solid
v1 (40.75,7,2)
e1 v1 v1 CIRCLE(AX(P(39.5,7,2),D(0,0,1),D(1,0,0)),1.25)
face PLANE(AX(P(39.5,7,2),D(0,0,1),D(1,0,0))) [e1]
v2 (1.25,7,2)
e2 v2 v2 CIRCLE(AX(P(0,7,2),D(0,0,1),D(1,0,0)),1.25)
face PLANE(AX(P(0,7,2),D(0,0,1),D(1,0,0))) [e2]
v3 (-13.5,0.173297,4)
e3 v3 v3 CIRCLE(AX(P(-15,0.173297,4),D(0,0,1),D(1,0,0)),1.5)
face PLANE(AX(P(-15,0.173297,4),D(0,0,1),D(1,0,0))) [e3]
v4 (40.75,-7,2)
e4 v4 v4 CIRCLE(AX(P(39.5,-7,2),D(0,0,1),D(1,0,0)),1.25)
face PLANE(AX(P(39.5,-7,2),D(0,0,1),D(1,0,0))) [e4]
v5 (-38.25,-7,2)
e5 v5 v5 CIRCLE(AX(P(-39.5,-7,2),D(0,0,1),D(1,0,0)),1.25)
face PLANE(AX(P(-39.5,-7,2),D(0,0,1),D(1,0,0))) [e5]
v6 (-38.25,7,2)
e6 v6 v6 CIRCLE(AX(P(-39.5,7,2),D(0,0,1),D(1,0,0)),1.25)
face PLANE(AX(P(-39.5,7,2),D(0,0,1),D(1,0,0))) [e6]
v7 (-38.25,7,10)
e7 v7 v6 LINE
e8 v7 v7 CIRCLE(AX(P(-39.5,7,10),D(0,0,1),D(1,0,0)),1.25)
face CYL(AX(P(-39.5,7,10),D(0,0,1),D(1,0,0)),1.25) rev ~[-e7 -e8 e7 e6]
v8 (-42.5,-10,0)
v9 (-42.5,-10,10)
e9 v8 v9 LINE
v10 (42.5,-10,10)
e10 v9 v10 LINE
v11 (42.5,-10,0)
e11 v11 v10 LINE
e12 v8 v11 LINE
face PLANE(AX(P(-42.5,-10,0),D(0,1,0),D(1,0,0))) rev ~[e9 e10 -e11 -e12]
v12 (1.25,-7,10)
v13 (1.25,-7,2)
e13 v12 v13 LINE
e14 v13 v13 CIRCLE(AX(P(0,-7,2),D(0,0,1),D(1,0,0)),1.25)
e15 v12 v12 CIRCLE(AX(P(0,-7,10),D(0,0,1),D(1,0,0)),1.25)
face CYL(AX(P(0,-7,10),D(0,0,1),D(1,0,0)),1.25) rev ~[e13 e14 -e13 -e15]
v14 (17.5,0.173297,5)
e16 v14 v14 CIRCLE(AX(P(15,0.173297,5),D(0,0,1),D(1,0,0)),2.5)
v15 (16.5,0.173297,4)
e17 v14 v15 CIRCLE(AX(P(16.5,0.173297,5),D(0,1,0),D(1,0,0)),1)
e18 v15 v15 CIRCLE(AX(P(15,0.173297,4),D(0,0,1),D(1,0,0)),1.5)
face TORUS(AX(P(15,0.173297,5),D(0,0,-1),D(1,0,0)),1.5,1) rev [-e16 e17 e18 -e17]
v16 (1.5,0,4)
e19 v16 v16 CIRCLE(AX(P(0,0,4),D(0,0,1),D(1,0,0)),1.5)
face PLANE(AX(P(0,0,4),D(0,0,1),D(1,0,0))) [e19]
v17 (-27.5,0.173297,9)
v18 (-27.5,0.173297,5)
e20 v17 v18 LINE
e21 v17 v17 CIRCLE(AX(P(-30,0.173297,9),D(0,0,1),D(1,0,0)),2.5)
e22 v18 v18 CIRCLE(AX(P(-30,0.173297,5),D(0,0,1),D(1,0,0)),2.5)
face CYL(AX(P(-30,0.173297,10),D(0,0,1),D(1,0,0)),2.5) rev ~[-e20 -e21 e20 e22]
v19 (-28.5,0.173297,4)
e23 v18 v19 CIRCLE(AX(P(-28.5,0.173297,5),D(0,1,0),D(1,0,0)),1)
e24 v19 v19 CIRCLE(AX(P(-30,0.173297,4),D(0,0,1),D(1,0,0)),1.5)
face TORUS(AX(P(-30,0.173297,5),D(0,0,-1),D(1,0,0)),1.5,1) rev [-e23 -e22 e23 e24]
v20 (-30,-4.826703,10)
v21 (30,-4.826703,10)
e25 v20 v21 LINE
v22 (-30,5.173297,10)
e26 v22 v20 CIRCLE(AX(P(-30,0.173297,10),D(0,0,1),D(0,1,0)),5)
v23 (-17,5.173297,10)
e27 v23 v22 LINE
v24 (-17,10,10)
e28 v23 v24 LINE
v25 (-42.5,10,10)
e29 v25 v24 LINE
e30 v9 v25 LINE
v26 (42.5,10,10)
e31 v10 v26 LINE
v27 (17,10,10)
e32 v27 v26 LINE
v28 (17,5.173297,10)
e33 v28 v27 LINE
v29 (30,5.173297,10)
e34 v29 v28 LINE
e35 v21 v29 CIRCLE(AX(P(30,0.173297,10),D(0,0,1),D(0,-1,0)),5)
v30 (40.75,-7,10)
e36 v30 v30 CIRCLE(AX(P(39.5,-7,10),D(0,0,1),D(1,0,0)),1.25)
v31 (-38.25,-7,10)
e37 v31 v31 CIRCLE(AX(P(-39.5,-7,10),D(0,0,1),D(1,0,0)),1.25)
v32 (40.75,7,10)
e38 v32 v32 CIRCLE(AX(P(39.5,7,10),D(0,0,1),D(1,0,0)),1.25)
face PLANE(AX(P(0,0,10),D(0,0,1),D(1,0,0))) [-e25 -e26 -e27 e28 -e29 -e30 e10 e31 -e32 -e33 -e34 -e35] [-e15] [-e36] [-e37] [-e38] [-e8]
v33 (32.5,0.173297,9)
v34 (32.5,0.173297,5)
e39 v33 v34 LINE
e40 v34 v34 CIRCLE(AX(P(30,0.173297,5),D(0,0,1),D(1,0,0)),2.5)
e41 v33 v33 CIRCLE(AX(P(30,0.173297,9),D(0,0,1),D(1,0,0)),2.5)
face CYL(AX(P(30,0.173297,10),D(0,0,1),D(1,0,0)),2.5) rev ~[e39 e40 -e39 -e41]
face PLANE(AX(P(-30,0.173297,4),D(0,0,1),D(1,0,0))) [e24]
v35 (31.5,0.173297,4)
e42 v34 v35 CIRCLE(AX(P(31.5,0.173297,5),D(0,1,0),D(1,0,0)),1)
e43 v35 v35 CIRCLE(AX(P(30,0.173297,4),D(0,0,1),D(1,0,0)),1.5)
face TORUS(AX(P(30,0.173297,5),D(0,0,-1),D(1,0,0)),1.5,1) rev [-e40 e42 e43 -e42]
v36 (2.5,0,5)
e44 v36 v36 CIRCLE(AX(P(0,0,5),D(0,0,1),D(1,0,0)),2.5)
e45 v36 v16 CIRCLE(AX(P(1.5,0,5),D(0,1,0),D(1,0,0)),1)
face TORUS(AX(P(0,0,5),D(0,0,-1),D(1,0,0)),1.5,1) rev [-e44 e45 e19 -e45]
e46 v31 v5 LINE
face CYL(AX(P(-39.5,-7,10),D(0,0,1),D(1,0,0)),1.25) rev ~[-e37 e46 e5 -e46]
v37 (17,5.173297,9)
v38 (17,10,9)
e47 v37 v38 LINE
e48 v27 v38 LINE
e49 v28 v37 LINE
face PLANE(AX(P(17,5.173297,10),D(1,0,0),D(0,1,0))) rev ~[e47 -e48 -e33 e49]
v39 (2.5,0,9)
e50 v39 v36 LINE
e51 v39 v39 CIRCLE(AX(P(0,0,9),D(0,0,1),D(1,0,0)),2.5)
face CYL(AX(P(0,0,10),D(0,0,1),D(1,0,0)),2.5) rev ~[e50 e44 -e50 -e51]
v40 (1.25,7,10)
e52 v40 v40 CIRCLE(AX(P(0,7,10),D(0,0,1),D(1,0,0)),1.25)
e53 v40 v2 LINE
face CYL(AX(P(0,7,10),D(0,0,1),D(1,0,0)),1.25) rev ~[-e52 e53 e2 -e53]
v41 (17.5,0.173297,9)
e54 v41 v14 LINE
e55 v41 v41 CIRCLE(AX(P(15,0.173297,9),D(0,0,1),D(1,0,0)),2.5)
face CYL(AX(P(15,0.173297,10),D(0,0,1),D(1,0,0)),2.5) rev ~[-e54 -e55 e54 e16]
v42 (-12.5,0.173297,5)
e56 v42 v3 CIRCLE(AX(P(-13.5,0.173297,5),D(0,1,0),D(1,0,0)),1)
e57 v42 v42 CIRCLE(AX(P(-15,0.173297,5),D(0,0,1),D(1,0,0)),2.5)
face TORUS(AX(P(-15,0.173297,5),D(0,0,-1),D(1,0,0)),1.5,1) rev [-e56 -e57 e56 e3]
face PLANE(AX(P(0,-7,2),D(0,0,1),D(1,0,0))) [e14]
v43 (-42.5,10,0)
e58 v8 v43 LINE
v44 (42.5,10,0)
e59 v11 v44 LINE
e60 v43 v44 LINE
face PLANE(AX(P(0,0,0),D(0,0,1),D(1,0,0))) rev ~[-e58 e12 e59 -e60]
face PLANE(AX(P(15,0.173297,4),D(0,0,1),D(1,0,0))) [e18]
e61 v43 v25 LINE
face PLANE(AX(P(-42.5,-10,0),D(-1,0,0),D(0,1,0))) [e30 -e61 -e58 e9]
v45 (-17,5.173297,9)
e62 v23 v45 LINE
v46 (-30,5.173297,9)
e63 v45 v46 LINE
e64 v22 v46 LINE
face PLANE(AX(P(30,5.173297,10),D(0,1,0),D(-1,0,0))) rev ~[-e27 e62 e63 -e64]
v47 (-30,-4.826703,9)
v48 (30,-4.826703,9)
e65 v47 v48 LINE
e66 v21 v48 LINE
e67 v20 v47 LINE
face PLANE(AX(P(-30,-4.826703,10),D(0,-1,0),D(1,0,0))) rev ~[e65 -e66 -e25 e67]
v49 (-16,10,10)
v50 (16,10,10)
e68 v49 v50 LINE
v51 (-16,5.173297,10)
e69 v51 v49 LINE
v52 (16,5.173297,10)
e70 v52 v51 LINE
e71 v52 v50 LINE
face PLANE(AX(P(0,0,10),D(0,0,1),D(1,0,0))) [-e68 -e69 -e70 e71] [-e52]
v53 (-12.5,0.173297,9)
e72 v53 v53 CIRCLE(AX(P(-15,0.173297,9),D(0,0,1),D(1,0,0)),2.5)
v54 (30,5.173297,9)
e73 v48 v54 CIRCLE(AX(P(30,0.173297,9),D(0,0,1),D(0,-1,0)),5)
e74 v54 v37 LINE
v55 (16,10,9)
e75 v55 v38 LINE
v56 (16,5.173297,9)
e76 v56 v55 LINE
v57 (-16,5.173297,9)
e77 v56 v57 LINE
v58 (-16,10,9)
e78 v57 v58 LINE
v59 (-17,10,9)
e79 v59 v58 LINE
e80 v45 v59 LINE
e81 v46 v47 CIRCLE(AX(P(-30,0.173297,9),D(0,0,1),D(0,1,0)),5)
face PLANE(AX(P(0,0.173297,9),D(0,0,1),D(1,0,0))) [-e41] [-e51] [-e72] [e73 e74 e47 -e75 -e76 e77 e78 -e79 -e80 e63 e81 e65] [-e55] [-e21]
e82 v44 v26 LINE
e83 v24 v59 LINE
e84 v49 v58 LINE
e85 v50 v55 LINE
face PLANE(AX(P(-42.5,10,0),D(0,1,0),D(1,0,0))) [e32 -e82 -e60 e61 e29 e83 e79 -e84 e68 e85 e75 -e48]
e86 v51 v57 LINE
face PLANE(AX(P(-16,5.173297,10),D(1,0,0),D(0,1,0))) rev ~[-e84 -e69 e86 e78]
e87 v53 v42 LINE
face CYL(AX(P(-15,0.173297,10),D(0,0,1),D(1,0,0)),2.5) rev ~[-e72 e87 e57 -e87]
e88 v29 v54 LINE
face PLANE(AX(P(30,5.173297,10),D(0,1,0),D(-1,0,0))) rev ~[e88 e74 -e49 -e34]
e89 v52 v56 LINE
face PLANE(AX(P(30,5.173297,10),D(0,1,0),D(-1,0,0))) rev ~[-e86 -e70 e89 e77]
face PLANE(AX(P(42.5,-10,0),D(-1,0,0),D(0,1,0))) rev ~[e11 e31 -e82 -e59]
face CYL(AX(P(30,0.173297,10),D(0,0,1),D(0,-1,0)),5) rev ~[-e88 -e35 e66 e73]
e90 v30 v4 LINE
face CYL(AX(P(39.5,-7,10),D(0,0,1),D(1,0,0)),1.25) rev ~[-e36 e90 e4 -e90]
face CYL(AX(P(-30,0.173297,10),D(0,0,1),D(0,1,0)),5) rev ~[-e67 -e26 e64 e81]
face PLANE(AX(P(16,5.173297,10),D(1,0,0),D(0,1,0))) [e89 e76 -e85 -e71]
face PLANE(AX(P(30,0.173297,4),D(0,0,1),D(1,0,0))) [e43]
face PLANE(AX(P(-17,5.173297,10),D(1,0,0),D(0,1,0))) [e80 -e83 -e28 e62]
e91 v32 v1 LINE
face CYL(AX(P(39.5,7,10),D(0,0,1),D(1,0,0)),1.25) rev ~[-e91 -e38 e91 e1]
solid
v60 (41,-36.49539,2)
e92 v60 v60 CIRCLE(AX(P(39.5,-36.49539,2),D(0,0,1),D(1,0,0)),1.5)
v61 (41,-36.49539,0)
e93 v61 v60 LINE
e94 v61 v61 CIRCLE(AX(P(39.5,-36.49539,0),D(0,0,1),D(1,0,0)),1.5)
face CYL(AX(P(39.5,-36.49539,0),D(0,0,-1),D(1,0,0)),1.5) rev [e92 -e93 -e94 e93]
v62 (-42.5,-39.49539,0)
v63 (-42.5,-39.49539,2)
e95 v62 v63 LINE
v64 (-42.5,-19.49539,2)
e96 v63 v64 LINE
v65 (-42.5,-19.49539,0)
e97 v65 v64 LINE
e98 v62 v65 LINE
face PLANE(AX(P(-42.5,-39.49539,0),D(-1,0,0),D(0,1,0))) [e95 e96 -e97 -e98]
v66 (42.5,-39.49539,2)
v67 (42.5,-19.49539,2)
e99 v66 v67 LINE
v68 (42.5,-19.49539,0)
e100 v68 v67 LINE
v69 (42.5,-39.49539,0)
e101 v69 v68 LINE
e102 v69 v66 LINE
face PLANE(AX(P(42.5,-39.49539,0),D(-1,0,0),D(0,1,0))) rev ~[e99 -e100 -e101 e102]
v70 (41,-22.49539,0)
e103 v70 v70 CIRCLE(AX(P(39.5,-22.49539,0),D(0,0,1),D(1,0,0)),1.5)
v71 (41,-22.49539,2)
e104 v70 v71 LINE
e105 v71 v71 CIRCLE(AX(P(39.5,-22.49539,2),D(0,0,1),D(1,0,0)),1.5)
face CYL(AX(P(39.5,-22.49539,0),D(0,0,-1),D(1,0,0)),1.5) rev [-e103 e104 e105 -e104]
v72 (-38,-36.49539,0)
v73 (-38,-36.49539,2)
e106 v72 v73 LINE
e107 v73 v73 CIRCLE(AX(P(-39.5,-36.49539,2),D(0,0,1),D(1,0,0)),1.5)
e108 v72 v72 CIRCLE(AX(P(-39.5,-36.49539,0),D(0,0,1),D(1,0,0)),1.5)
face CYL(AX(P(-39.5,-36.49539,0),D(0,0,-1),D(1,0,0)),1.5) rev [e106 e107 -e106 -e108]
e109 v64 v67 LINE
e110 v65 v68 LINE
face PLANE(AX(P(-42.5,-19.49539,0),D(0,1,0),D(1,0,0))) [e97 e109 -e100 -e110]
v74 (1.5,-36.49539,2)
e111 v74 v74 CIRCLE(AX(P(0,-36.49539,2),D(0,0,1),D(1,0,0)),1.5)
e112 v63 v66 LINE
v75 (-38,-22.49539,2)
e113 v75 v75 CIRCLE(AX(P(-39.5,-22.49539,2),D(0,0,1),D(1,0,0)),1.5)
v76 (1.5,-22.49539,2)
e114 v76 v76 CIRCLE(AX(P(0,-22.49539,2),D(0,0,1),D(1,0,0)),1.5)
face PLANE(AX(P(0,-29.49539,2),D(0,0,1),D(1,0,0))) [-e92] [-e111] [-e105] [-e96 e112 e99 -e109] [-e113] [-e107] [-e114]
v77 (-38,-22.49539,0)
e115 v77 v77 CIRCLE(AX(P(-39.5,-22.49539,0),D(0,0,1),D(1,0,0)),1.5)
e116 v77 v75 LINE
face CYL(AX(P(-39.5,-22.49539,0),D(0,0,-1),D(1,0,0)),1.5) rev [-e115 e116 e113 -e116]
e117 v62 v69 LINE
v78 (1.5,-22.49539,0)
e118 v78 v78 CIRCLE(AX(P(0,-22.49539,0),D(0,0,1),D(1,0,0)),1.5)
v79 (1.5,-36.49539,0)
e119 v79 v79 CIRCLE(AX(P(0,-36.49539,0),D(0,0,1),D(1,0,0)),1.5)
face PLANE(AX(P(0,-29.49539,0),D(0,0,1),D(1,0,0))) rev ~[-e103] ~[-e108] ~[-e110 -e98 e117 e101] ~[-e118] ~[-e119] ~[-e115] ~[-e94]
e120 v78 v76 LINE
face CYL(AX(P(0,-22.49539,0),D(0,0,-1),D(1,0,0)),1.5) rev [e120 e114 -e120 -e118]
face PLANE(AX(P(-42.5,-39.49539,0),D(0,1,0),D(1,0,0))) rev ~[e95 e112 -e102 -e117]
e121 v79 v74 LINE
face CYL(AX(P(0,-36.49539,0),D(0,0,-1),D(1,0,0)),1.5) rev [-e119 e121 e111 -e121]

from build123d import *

# Parameters (mm, degrees)
F0_W      = 85
F0_H      = 20
F1_DEPTH  = 10
F2_R      = 2.5
F3_DEPTH  = 6
F4_DEPTH  = 1
F5_R      = 1.25
F6_DEPTH  = 8
F7_R      = 1
F8_W      = 1
F8_H      = 4.8267034825
F9_DEPTH  = 1
F10_W     = 85
F10_H     = 20
F10_R     = 1.5
F11_DEPTH = 2


with BuildPart() as f1:
    # F0 (on Top) → F1 (new body)
    with BuildSketch(Plane.XY):
        Rectangle(F0_W, F0_H)
    extrude(amount=F1_DEPTH)

    # F2 (on face) → F3 (cut)
    with BuildSketch(Plane.XY.offset(10)):
        with Locations((-30, 0.1732965175)):
            Circle(F2_R)
        with Locations((-15, 0.1732965175)):
            Circle(F2_R)
        Circle(F2_R)
        with Locations((15, 0.1732965175)):
            Circle(F2_R)
        with Locations((30, 0.1732965175)):
            Circle(F2_R)
    extrude(amount=-F3_DEPTH, mode=Mode.SUBTRACT)

    # F2 (on face) → F4 (cut)
    with BuildSketch(Plane.XY.offset(10)):
        with BuildLine():
            Line((30, 5.1732965175), (-30, 5.1732965175))
            ThreePointArc((-30, 5.1732965175), (-35, 0.1732965175), (-30, -4.8267034825))
            Line((-30, -4.8267034825), (30, -4.8267034825))
            ThreePointArc((30, -4.8267034825), (35, 0.1732965175), (30, 5.1732965175))
        make_face()
        with Locations((-30, 0.1732965175)):
            Circle(F2_R, mode=Mode.SUBTRACT)
        with Locations((-15, 0.1732965175)):
            Circle(F2_R, mode=Mode.SUBTRACT)
        Circle(F2_R, mode=Mode.SUBTRACT)
        with Locations((15, 0.1732965175)):
            Circle(F2_R, mode=Mode.SUBTRACT)
        with Locations((30, 0.1732965175)):
            Circle(F2_R, mode=Mode.SUBTRACT)
    extrude(amount=-F4_DEPTH, mode=Mode.SUBTRACT)

    # F5 (on face) → F6 (cut)
    with BuildSketch(Plane.XY.offset(10)):
        with Locations((-39.5, 7)):
            Circle(F5_R)
        with Locations((-39.5, -7)):
            Circle(F5_R)
        with Locations((39.5, 7)):
            Circle(F5_R)
        with Locations((39.5, -7)):
            Circle(F5_R)
        with Locations((0, 7)):
            Circle(F5_R)
        with Locations((0, -7)):
            Circle(F5_R)
    extrude(amount=-F6_DEPTH, mode=Mode.SUBTRACT)

    # F7
    f7_edges = [f1.edges().sort_by_distance(p)[0] for p in [
        (-32.5, 0.173297, 4),
        (-17.5, 0.173297, 4),
        (-2.5, 0, 4),
        (12.5, 0.173297, 4),
        (27.5, 0.173297, 4),
    ]]
    fillet(f7_edges, radius=F7_R)

    # F8 (on face) → F9 (cut, through all)
    with BuildSketch(Plane.XY.offset(10)):
        with Locations((-16.5, 7.5866482587)):
            Rectangle(F8_W, F8_H)
        with Locations((16.5, 7.5866482587)):
            Rectangle(F8_W, F8_H)
    extrude(amount=-F9_DEPTH, mode=Mode.SUBTRACT)


with BuildPart() as f11:
    # F10 (on Top) → F11 (new body)
    with BuildSketch(Plane.XY):
        with Locations((0, -29.4953899086)):
            Rectangle(F10_W, F10_H)
        with Locations((-39.5, -36.4953899086)):
            Circle(F10_R, mode=Mode.SUBTRACT)
        with Locations((0, -36.4953899086)):
            Circle(F10_R, mode=Mode.SUBTRACT)
        with Locations((39.5, -36.4953899086)):
            Circle(F10_R, mode=Mode.SUBTRACT)
        with Locations((-39.5, -22.4953899086)):
            Circle(F10_R, mode=Mode.SUBTRACT)
        with Locations((0, -22.4953899086)):
            Circle(F10_R, mode=Mode.SUBTRACT)
        with Locations((39.5, -22.4953899086)):
            Circle(F10_R, mode=Mode.SUBTRACT)
    extrude(amount=F11_DEPTH)


solid = Compound([f1.part, f11.part])
